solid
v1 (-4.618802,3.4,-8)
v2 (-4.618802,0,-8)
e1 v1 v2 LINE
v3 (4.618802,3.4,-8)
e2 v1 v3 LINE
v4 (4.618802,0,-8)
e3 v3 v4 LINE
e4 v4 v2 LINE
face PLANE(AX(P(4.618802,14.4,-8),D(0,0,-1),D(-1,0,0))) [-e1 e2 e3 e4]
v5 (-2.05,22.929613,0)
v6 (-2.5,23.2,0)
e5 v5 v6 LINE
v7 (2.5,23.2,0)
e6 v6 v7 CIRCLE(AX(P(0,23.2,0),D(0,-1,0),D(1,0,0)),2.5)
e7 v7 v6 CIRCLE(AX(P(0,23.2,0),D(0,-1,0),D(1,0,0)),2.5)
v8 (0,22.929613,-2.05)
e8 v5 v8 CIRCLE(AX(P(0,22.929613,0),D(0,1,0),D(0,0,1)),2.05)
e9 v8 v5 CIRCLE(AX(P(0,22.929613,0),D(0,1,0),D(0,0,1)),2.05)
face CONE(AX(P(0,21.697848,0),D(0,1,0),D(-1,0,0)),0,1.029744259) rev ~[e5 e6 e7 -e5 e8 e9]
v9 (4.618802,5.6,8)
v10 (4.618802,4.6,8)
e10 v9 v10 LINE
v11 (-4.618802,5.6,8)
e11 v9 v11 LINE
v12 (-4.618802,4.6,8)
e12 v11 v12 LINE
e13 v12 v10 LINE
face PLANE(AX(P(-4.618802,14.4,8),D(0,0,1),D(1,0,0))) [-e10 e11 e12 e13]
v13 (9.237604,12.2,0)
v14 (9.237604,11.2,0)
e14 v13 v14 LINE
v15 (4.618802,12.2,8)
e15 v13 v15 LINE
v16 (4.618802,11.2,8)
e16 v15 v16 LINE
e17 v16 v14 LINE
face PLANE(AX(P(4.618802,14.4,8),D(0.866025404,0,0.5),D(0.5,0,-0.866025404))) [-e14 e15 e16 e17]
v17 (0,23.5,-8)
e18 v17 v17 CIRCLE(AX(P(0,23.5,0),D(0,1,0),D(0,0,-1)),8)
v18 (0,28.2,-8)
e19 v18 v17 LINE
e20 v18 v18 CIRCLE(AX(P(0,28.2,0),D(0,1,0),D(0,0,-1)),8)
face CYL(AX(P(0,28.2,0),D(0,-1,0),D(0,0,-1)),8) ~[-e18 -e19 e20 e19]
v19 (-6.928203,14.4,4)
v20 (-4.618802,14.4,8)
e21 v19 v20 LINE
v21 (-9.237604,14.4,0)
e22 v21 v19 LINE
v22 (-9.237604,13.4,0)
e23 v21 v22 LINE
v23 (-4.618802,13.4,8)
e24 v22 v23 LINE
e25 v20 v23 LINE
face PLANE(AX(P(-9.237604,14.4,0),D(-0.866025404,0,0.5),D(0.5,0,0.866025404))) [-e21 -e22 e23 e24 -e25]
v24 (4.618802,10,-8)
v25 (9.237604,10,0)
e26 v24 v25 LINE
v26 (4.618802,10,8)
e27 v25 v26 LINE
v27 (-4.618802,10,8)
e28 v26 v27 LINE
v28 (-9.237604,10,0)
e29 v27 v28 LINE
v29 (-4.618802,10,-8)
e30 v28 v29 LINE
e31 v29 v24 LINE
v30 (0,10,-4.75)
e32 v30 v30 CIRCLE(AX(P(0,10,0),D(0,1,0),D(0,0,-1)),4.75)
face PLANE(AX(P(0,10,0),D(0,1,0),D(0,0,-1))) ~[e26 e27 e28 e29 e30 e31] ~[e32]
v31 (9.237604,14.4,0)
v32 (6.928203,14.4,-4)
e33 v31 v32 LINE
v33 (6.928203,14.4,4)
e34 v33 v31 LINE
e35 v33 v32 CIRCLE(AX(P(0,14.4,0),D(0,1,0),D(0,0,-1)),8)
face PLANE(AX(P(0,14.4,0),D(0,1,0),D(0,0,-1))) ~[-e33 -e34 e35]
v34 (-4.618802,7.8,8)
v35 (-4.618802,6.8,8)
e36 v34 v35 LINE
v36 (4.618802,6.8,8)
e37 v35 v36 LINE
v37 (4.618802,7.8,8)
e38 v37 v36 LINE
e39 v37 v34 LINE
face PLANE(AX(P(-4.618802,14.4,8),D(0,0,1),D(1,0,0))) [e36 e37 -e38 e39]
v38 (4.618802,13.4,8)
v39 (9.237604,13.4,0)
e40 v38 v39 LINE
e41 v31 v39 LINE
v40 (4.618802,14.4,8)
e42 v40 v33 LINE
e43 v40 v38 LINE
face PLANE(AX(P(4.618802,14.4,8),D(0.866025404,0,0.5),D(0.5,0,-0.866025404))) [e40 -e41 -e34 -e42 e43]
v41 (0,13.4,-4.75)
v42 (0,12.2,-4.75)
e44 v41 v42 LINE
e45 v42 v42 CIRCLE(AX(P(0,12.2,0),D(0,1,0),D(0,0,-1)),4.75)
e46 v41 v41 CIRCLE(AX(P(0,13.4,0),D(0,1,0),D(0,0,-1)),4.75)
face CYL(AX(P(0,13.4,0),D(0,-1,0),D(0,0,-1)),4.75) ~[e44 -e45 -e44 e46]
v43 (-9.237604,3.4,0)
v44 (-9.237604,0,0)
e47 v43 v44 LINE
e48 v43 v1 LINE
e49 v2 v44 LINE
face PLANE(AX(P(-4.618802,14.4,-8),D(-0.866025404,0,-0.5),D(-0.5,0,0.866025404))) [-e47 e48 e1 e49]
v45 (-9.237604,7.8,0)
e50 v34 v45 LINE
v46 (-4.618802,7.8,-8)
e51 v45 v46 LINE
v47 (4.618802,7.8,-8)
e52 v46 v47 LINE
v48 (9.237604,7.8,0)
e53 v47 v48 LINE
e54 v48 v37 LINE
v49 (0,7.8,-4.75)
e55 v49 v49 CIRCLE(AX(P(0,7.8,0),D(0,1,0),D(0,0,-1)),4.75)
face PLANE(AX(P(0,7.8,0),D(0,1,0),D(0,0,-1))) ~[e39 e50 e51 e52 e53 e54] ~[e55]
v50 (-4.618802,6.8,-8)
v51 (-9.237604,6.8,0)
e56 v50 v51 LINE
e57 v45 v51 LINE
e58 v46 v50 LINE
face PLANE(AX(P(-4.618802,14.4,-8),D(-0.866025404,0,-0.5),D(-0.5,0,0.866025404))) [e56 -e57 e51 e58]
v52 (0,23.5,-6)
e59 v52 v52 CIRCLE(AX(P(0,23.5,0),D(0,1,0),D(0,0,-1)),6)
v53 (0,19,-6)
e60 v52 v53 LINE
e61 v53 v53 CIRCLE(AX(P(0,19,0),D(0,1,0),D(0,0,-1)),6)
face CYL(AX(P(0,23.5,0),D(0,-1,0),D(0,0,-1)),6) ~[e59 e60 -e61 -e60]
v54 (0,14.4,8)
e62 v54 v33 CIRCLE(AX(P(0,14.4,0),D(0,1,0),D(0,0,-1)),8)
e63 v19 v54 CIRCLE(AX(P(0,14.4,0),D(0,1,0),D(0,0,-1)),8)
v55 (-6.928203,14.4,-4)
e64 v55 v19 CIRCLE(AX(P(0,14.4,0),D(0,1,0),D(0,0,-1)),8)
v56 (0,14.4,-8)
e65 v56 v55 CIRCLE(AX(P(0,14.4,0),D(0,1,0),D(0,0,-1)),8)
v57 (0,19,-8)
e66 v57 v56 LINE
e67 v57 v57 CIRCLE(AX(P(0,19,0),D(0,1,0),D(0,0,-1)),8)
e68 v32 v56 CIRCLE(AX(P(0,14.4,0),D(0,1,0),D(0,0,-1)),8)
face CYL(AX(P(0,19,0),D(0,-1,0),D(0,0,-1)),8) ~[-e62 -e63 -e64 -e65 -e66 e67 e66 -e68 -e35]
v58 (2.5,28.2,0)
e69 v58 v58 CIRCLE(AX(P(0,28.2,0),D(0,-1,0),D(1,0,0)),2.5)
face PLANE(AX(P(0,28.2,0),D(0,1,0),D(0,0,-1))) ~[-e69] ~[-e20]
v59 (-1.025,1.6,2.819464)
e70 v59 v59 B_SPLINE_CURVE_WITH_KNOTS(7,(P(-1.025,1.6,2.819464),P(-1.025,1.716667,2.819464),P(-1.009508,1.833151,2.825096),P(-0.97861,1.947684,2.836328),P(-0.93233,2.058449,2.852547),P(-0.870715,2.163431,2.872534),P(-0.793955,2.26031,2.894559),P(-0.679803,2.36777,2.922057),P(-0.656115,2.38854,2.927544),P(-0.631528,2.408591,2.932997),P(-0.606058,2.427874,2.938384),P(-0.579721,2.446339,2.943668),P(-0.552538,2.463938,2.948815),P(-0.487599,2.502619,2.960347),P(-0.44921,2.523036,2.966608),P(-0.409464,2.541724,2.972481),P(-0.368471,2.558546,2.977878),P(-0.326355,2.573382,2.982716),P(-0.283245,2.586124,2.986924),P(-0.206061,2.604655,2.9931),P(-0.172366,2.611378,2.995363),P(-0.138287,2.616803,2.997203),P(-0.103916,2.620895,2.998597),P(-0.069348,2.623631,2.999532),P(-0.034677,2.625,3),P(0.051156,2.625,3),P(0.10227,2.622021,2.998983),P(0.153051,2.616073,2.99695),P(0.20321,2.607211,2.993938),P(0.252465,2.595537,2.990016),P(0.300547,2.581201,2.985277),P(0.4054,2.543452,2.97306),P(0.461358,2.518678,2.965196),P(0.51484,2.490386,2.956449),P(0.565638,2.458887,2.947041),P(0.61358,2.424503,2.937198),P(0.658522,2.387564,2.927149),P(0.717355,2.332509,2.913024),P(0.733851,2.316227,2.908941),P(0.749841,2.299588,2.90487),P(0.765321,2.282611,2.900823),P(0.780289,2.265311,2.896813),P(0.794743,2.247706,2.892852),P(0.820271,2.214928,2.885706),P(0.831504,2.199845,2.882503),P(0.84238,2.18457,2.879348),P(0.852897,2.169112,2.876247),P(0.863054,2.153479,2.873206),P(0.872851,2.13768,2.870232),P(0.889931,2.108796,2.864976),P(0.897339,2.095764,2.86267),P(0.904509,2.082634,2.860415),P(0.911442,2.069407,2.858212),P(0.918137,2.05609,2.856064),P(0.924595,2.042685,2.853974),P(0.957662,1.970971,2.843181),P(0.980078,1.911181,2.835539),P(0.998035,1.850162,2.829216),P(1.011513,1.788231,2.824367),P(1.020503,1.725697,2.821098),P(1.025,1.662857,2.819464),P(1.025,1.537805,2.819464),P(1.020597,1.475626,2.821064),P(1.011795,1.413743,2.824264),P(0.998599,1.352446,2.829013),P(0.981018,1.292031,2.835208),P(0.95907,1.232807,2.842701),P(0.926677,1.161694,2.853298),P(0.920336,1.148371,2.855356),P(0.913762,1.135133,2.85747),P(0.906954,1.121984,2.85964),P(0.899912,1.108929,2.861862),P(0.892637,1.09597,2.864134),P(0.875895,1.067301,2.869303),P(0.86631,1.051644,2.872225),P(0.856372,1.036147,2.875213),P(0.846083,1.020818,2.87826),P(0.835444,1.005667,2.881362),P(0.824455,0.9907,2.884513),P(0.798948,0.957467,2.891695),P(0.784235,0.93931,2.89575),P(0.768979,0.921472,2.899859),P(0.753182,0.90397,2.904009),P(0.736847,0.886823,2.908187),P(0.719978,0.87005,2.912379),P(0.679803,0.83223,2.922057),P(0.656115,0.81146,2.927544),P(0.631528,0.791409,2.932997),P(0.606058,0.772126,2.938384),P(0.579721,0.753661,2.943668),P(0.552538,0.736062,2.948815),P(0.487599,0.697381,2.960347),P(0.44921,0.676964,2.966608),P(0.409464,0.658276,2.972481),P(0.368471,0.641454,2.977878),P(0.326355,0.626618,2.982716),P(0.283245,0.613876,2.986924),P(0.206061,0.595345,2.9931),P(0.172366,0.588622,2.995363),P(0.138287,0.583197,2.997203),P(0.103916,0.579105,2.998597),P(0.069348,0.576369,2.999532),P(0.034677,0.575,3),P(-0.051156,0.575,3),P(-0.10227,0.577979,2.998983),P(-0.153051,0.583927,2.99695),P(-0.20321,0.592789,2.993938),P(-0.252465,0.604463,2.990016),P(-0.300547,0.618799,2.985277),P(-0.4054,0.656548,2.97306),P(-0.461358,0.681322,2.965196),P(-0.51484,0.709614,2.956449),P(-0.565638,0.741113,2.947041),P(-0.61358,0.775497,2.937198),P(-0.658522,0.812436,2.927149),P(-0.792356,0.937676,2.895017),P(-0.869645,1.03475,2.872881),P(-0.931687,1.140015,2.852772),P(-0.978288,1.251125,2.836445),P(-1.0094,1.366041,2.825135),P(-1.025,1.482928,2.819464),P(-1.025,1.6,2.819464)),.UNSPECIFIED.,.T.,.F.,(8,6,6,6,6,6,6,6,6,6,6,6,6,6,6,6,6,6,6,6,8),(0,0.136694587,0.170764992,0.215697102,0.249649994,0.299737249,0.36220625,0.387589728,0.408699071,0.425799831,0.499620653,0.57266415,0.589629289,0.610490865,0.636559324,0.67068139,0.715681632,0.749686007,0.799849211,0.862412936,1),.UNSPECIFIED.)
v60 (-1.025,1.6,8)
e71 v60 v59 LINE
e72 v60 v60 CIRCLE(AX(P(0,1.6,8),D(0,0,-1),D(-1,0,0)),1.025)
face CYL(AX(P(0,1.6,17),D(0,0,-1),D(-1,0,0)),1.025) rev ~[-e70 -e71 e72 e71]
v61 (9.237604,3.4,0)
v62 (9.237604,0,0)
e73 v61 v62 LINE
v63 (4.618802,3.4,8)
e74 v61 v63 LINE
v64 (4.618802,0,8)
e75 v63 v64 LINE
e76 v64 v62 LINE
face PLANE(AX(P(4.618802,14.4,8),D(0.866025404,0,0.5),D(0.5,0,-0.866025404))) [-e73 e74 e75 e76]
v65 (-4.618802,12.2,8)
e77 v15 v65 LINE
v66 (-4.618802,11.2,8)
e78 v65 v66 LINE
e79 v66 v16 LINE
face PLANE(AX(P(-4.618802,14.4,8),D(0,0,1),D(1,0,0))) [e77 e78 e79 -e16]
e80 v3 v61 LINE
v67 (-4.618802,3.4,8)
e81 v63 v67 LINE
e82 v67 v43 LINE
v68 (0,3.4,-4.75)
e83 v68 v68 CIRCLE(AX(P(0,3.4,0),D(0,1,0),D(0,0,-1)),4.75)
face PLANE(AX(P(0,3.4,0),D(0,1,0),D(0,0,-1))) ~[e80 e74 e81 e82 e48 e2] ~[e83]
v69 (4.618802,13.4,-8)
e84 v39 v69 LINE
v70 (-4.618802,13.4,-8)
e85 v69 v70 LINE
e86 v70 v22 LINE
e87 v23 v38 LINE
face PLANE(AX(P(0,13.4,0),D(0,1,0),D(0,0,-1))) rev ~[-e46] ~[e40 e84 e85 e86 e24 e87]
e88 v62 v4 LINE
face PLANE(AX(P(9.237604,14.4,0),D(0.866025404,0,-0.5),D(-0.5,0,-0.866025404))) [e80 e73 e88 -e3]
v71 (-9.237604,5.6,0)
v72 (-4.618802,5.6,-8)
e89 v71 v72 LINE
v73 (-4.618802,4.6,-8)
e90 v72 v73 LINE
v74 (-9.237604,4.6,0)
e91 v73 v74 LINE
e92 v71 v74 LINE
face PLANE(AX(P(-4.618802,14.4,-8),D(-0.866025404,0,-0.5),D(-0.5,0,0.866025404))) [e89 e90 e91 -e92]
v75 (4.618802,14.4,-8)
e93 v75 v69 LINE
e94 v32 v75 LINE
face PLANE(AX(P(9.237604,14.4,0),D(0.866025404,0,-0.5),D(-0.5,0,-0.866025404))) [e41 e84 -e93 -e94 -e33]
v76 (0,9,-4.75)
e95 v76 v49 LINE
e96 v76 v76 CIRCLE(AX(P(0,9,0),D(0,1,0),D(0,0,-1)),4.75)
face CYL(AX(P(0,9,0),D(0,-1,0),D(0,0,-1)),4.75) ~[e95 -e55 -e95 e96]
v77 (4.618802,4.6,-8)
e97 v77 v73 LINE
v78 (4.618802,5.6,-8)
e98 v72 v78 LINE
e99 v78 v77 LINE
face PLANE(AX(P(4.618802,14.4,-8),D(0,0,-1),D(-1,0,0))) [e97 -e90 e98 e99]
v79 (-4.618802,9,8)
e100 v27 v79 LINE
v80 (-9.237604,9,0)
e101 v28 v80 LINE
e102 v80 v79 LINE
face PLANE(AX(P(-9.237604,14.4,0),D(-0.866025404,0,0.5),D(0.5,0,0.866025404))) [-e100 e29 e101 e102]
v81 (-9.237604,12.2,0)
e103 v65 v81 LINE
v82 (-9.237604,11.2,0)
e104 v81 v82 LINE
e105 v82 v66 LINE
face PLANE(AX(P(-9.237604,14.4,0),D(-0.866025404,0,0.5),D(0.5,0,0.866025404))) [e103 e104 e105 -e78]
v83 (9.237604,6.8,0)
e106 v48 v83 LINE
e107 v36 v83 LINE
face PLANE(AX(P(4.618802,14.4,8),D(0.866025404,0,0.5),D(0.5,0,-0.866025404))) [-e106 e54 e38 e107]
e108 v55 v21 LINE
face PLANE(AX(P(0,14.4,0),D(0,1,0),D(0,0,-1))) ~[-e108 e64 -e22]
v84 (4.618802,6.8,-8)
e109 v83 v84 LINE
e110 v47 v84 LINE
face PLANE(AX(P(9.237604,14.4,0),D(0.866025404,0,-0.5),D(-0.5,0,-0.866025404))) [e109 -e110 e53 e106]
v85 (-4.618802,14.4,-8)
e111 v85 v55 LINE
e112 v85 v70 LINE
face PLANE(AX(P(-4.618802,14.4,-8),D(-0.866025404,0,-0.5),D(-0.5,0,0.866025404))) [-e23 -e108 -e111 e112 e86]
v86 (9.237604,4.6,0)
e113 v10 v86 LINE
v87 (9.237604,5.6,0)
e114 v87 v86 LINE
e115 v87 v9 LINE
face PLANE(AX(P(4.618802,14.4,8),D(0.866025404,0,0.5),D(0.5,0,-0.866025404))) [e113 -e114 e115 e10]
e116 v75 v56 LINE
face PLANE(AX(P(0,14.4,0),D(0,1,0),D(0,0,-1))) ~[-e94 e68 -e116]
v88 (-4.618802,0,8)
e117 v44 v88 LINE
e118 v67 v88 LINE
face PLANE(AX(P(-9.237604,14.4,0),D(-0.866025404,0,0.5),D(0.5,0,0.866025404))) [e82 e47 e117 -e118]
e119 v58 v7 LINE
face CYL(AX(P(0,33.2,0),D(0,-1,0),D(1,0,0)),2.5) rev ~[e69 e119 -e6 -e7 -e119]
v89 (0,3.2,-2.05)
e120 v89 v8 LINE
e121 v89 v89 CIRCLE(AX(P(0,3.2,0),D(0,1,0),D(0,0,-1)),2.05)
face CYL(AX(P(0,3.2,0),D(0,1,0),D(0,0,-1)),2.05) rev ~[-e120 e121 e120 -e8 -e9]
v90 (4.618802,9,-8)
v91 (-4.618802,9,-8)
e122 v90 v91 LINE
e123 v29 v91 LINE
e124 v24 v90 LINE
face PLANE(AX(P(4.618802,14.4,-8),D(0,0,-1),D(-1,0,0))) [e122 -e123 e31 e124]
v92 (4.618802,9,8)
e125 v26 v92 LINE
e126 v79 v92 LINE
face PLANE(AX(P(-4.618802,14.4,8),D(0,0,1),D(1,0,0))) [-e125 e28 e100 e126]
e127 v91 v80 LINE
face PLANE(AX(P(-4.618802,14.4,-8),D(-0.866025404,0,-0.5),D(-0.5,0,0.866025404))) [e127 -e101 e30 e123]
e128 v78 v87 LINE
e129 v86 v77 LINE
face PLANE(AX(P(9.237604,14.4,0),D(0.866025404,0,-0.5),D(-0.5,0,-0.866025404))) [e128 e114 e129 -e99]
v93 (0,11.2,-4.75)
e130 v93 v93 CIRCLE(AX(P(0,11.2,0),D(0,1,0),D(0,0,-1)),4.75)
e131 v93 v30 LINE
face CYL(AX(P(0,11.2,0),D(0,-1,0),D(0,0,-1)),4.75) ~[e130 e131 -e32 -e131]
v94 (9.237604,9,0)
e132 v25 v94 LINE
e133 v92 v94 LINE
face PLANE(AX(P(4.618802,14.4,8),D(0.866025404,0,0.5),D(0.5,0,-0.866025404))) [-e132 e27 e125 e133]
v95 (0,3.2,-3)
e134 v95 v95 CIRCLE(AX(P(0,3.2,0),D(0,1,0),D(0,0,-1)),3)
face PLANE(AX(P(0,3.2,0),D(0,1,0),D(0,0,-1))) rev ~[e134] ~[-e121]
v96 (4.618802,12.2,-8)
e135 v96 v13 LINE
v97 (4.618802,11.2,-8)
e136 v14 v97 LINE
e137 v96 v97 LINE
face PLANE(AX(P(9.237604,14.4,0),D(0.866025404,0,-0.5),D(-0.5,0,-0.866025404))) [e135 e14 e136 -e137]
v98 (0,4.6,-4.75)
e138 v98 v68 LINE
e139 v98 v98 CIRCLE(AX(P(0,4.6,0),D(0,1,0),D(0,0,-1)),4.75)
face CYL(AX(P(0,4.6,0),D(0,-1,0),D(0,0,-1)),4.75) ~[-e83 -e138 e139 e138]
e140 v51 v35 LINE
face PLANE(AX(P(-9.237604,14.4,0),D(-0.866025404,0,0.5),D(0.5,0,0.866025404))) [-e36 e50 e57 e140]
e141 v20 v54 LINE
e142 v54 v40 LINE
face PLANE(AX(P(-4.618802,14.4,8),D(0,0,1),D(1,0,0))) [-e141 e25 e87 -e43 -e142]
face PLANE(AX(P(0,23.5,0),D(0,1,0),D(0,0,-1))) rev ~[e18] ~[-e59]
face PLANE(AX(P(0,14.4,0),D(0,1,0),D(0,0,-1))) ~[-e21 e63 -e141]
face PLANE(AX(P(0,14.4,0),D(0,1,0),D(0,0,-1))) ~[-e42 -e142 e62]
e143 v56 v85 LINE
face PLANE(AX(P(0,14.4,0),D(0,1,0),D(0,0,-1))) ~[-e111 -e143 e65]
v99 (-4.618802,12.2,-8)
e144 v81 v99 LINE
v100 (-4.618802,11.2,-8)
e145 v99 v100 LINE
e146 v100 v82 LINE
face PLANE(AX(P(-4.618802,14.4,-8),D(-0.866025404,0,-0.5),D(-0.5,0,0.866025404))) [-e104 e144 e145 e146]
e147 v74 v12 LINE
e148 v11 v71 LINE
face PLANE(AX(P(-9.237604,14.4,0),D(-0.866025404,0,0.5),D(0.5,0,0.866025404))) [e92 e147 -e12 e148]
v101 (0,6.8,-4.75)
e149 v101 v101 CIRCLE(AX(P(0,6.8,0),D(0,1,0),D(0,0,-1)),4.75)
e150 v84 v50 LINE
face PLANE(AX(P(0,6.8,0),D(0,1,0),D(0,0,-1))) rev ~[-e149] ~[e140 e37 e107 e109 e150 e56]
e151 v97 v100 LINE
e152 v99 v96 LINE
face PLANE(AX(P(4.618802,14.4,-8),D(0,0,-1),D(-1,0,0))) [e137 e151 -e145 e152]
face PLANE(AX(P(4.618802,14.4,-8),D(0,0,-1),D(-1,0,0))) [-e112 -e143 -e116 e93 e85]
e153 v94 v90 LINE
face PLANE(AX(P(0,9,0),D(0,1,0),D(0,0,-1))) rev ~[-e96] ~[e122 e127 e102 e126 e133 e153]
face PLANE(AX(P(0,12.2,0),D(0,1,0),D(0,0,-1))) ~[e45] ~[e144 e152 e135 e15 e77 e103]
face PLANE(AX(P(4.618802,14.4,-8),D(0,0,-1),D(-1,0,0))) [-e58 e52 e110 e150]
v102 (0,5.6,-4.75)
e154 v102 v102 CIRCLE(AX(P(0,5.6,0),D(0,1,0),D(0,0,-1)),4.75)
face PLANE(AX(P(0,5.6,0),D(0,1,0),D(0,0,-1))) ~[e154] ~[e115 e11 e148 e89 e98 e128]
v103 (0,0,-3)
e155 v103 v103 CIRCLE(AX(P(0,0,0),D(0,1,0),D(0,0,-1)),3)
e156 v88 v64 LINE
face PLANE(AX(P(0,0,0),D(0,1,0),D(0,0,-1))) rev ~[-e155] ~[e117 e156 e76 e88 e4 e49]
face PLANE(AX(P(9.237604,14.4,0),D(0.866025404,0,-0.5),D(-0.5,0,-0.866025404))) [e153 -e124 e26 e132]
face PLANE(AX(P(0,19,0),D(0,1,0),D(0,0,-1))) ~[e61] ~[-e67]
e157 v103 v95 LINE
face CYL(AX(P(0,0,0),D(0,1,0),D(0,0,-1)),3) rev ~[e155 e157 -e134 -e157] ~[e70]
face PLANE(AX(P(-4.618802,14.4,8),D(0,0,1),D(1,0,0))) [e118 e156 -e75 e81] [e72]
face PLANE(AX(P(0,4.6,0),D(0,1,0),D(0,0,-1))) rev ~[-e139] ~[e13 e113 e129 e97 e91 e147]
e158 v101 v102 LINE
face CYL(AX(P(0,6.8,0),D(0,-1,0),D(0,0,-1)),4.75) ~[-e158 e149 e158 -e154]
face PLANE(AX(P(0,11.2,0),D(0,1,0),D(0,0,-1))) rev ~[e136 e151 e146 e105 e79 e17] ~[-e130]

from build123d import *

# Parameters (mm, degrees)
SKETCH2_OUTSIDE_W            = 40.48
SKETCH2_OUTSIDE_H            = 40.48
CUT_EXTRUDE1_DEPTH           = 15.4
M6X1_0_TAPPED_HOLE1_D        = 5
M6X1_0_TAPPED_HOLE1_DEPTH    = 5
M6X1_0_TAPPED_HOLE1_TIP      = 1.502151548
M2_5X0_45_TAPPED_HOLE1_D     = 2.05
M2_5X0_45_TAPPED_HOLE1_DEPTH = 9
M2_5X0_45_TAPPED_HOLE1_TIP   = 0.615882135


with BuildPart() as part:
    # Sketch1 → Revolve1 (revolve)
    with BuildSketch(Plane.XY, mode=Mode.PRIVATE) as revolve1_sk:
        Polygon((3, 0), (3, 3.2), (2.05, 3.2), (2.05, 28.2), (8, 28.2), (8, 23.5), (6, 23.5), (6, 19), (8, 19), (8, 14.4), (14.307769621, 14.4), (14.307769621, 13.4), (4.75, 13.4), (4.75, 12.2), (14.307769621, 12.2), (14.307769621, 11.2), (4.75, 11.2), (4.75, 10), (14.307769621, 10), (14.307769621, 9), (4.75, 9), (4.75, 7.8), (14.307769621, 7.8), (14.307769621, 6.8), (4.75, 6.8), (4.75, 5.6), (14.307769621, 5.6), (14.307769621, 4.6), (4.75, 4.6), (4.75, 3.4), (14.307769621, 3.4), (14.307769621, 0), align=None)
    revolve(revolve1_sk.sketch.rotate(Axis((0, 0, 0), (0, 1, 0)), 90), axis=Axis((0, 0, 0), (0, 1, 0)))  # turned: the seam where the file's is

    # Sketch2 outside → Cut-Extrude1 (cut, through all)
    with BuildSketch(Plane(origin=(0, 14.4, 0), x_dir=(1, 0, 0), z_dir=(0, 1, 0))):
        Rectangle(SKETCH2_OUTSIDE_W, SKETCH2_OUTSIDE_H)
        Polygon((-4.618802154, 8), (-9.237604307, 0), (-4.618802154, -8), (4.618802154, -8), (9.237604307, 0), (4.618802154, 8), align=None, mode=Mode.SUBTRACT)
    extrude(amount=-CUT_EXTRUDE1_DEPTH, mode=Mode.SUBTRACT)

    # M6x1.0 Tapped Hole1
    with Locations(Plane(origin=(0, 28.2, 0), x_dir=(-1, 0, 0), z_dir=(0, 1, 0))):
        with Locations((0, 0)):
            Hole(M6X1_0_TAPPED_HOLE1_D / 2, depth=M6X1_0_TAPPED_HOLE1_DEPTH)
            with Locations((0, 0, -(M6X1_0_TAPPED_HOLE1_DEPTH + M6X1_0_TAPPED_HOLE1_TIP / 2))):  # 118° drill point
                Cone(0, M6X1_0_TAPPED_HOLE1_D / 2, M6X1_0_TAPPED_HOLE1_TIP, mode=Mode.SUBTRACT)

    # M2.5x0.45 Tapped Hole1
    with Locations(Plane.XY.offset(8)):
        with Locations((0, 1.6)):
            Hole(M2_5X0_45_TAPPED_HOLE1_D / 2, depth=M2_5X0_45_TAPPED_HOLE1_DEPTH)
            with Locations((0, 0, -(M2_5X0_45_TAPPED_HOLE1_DEPTH + M2_5X0_45_TAPPED_HOLE1_TIP / 2))):  # 118° drill point
                Cone(0, M2_5X0_45_TAPPED_HOLE1_D / 2, M2_5X0_45_TAPPED_HOLE1_TIP, mode=Mode.SUBTRACT)


solid = part.part
